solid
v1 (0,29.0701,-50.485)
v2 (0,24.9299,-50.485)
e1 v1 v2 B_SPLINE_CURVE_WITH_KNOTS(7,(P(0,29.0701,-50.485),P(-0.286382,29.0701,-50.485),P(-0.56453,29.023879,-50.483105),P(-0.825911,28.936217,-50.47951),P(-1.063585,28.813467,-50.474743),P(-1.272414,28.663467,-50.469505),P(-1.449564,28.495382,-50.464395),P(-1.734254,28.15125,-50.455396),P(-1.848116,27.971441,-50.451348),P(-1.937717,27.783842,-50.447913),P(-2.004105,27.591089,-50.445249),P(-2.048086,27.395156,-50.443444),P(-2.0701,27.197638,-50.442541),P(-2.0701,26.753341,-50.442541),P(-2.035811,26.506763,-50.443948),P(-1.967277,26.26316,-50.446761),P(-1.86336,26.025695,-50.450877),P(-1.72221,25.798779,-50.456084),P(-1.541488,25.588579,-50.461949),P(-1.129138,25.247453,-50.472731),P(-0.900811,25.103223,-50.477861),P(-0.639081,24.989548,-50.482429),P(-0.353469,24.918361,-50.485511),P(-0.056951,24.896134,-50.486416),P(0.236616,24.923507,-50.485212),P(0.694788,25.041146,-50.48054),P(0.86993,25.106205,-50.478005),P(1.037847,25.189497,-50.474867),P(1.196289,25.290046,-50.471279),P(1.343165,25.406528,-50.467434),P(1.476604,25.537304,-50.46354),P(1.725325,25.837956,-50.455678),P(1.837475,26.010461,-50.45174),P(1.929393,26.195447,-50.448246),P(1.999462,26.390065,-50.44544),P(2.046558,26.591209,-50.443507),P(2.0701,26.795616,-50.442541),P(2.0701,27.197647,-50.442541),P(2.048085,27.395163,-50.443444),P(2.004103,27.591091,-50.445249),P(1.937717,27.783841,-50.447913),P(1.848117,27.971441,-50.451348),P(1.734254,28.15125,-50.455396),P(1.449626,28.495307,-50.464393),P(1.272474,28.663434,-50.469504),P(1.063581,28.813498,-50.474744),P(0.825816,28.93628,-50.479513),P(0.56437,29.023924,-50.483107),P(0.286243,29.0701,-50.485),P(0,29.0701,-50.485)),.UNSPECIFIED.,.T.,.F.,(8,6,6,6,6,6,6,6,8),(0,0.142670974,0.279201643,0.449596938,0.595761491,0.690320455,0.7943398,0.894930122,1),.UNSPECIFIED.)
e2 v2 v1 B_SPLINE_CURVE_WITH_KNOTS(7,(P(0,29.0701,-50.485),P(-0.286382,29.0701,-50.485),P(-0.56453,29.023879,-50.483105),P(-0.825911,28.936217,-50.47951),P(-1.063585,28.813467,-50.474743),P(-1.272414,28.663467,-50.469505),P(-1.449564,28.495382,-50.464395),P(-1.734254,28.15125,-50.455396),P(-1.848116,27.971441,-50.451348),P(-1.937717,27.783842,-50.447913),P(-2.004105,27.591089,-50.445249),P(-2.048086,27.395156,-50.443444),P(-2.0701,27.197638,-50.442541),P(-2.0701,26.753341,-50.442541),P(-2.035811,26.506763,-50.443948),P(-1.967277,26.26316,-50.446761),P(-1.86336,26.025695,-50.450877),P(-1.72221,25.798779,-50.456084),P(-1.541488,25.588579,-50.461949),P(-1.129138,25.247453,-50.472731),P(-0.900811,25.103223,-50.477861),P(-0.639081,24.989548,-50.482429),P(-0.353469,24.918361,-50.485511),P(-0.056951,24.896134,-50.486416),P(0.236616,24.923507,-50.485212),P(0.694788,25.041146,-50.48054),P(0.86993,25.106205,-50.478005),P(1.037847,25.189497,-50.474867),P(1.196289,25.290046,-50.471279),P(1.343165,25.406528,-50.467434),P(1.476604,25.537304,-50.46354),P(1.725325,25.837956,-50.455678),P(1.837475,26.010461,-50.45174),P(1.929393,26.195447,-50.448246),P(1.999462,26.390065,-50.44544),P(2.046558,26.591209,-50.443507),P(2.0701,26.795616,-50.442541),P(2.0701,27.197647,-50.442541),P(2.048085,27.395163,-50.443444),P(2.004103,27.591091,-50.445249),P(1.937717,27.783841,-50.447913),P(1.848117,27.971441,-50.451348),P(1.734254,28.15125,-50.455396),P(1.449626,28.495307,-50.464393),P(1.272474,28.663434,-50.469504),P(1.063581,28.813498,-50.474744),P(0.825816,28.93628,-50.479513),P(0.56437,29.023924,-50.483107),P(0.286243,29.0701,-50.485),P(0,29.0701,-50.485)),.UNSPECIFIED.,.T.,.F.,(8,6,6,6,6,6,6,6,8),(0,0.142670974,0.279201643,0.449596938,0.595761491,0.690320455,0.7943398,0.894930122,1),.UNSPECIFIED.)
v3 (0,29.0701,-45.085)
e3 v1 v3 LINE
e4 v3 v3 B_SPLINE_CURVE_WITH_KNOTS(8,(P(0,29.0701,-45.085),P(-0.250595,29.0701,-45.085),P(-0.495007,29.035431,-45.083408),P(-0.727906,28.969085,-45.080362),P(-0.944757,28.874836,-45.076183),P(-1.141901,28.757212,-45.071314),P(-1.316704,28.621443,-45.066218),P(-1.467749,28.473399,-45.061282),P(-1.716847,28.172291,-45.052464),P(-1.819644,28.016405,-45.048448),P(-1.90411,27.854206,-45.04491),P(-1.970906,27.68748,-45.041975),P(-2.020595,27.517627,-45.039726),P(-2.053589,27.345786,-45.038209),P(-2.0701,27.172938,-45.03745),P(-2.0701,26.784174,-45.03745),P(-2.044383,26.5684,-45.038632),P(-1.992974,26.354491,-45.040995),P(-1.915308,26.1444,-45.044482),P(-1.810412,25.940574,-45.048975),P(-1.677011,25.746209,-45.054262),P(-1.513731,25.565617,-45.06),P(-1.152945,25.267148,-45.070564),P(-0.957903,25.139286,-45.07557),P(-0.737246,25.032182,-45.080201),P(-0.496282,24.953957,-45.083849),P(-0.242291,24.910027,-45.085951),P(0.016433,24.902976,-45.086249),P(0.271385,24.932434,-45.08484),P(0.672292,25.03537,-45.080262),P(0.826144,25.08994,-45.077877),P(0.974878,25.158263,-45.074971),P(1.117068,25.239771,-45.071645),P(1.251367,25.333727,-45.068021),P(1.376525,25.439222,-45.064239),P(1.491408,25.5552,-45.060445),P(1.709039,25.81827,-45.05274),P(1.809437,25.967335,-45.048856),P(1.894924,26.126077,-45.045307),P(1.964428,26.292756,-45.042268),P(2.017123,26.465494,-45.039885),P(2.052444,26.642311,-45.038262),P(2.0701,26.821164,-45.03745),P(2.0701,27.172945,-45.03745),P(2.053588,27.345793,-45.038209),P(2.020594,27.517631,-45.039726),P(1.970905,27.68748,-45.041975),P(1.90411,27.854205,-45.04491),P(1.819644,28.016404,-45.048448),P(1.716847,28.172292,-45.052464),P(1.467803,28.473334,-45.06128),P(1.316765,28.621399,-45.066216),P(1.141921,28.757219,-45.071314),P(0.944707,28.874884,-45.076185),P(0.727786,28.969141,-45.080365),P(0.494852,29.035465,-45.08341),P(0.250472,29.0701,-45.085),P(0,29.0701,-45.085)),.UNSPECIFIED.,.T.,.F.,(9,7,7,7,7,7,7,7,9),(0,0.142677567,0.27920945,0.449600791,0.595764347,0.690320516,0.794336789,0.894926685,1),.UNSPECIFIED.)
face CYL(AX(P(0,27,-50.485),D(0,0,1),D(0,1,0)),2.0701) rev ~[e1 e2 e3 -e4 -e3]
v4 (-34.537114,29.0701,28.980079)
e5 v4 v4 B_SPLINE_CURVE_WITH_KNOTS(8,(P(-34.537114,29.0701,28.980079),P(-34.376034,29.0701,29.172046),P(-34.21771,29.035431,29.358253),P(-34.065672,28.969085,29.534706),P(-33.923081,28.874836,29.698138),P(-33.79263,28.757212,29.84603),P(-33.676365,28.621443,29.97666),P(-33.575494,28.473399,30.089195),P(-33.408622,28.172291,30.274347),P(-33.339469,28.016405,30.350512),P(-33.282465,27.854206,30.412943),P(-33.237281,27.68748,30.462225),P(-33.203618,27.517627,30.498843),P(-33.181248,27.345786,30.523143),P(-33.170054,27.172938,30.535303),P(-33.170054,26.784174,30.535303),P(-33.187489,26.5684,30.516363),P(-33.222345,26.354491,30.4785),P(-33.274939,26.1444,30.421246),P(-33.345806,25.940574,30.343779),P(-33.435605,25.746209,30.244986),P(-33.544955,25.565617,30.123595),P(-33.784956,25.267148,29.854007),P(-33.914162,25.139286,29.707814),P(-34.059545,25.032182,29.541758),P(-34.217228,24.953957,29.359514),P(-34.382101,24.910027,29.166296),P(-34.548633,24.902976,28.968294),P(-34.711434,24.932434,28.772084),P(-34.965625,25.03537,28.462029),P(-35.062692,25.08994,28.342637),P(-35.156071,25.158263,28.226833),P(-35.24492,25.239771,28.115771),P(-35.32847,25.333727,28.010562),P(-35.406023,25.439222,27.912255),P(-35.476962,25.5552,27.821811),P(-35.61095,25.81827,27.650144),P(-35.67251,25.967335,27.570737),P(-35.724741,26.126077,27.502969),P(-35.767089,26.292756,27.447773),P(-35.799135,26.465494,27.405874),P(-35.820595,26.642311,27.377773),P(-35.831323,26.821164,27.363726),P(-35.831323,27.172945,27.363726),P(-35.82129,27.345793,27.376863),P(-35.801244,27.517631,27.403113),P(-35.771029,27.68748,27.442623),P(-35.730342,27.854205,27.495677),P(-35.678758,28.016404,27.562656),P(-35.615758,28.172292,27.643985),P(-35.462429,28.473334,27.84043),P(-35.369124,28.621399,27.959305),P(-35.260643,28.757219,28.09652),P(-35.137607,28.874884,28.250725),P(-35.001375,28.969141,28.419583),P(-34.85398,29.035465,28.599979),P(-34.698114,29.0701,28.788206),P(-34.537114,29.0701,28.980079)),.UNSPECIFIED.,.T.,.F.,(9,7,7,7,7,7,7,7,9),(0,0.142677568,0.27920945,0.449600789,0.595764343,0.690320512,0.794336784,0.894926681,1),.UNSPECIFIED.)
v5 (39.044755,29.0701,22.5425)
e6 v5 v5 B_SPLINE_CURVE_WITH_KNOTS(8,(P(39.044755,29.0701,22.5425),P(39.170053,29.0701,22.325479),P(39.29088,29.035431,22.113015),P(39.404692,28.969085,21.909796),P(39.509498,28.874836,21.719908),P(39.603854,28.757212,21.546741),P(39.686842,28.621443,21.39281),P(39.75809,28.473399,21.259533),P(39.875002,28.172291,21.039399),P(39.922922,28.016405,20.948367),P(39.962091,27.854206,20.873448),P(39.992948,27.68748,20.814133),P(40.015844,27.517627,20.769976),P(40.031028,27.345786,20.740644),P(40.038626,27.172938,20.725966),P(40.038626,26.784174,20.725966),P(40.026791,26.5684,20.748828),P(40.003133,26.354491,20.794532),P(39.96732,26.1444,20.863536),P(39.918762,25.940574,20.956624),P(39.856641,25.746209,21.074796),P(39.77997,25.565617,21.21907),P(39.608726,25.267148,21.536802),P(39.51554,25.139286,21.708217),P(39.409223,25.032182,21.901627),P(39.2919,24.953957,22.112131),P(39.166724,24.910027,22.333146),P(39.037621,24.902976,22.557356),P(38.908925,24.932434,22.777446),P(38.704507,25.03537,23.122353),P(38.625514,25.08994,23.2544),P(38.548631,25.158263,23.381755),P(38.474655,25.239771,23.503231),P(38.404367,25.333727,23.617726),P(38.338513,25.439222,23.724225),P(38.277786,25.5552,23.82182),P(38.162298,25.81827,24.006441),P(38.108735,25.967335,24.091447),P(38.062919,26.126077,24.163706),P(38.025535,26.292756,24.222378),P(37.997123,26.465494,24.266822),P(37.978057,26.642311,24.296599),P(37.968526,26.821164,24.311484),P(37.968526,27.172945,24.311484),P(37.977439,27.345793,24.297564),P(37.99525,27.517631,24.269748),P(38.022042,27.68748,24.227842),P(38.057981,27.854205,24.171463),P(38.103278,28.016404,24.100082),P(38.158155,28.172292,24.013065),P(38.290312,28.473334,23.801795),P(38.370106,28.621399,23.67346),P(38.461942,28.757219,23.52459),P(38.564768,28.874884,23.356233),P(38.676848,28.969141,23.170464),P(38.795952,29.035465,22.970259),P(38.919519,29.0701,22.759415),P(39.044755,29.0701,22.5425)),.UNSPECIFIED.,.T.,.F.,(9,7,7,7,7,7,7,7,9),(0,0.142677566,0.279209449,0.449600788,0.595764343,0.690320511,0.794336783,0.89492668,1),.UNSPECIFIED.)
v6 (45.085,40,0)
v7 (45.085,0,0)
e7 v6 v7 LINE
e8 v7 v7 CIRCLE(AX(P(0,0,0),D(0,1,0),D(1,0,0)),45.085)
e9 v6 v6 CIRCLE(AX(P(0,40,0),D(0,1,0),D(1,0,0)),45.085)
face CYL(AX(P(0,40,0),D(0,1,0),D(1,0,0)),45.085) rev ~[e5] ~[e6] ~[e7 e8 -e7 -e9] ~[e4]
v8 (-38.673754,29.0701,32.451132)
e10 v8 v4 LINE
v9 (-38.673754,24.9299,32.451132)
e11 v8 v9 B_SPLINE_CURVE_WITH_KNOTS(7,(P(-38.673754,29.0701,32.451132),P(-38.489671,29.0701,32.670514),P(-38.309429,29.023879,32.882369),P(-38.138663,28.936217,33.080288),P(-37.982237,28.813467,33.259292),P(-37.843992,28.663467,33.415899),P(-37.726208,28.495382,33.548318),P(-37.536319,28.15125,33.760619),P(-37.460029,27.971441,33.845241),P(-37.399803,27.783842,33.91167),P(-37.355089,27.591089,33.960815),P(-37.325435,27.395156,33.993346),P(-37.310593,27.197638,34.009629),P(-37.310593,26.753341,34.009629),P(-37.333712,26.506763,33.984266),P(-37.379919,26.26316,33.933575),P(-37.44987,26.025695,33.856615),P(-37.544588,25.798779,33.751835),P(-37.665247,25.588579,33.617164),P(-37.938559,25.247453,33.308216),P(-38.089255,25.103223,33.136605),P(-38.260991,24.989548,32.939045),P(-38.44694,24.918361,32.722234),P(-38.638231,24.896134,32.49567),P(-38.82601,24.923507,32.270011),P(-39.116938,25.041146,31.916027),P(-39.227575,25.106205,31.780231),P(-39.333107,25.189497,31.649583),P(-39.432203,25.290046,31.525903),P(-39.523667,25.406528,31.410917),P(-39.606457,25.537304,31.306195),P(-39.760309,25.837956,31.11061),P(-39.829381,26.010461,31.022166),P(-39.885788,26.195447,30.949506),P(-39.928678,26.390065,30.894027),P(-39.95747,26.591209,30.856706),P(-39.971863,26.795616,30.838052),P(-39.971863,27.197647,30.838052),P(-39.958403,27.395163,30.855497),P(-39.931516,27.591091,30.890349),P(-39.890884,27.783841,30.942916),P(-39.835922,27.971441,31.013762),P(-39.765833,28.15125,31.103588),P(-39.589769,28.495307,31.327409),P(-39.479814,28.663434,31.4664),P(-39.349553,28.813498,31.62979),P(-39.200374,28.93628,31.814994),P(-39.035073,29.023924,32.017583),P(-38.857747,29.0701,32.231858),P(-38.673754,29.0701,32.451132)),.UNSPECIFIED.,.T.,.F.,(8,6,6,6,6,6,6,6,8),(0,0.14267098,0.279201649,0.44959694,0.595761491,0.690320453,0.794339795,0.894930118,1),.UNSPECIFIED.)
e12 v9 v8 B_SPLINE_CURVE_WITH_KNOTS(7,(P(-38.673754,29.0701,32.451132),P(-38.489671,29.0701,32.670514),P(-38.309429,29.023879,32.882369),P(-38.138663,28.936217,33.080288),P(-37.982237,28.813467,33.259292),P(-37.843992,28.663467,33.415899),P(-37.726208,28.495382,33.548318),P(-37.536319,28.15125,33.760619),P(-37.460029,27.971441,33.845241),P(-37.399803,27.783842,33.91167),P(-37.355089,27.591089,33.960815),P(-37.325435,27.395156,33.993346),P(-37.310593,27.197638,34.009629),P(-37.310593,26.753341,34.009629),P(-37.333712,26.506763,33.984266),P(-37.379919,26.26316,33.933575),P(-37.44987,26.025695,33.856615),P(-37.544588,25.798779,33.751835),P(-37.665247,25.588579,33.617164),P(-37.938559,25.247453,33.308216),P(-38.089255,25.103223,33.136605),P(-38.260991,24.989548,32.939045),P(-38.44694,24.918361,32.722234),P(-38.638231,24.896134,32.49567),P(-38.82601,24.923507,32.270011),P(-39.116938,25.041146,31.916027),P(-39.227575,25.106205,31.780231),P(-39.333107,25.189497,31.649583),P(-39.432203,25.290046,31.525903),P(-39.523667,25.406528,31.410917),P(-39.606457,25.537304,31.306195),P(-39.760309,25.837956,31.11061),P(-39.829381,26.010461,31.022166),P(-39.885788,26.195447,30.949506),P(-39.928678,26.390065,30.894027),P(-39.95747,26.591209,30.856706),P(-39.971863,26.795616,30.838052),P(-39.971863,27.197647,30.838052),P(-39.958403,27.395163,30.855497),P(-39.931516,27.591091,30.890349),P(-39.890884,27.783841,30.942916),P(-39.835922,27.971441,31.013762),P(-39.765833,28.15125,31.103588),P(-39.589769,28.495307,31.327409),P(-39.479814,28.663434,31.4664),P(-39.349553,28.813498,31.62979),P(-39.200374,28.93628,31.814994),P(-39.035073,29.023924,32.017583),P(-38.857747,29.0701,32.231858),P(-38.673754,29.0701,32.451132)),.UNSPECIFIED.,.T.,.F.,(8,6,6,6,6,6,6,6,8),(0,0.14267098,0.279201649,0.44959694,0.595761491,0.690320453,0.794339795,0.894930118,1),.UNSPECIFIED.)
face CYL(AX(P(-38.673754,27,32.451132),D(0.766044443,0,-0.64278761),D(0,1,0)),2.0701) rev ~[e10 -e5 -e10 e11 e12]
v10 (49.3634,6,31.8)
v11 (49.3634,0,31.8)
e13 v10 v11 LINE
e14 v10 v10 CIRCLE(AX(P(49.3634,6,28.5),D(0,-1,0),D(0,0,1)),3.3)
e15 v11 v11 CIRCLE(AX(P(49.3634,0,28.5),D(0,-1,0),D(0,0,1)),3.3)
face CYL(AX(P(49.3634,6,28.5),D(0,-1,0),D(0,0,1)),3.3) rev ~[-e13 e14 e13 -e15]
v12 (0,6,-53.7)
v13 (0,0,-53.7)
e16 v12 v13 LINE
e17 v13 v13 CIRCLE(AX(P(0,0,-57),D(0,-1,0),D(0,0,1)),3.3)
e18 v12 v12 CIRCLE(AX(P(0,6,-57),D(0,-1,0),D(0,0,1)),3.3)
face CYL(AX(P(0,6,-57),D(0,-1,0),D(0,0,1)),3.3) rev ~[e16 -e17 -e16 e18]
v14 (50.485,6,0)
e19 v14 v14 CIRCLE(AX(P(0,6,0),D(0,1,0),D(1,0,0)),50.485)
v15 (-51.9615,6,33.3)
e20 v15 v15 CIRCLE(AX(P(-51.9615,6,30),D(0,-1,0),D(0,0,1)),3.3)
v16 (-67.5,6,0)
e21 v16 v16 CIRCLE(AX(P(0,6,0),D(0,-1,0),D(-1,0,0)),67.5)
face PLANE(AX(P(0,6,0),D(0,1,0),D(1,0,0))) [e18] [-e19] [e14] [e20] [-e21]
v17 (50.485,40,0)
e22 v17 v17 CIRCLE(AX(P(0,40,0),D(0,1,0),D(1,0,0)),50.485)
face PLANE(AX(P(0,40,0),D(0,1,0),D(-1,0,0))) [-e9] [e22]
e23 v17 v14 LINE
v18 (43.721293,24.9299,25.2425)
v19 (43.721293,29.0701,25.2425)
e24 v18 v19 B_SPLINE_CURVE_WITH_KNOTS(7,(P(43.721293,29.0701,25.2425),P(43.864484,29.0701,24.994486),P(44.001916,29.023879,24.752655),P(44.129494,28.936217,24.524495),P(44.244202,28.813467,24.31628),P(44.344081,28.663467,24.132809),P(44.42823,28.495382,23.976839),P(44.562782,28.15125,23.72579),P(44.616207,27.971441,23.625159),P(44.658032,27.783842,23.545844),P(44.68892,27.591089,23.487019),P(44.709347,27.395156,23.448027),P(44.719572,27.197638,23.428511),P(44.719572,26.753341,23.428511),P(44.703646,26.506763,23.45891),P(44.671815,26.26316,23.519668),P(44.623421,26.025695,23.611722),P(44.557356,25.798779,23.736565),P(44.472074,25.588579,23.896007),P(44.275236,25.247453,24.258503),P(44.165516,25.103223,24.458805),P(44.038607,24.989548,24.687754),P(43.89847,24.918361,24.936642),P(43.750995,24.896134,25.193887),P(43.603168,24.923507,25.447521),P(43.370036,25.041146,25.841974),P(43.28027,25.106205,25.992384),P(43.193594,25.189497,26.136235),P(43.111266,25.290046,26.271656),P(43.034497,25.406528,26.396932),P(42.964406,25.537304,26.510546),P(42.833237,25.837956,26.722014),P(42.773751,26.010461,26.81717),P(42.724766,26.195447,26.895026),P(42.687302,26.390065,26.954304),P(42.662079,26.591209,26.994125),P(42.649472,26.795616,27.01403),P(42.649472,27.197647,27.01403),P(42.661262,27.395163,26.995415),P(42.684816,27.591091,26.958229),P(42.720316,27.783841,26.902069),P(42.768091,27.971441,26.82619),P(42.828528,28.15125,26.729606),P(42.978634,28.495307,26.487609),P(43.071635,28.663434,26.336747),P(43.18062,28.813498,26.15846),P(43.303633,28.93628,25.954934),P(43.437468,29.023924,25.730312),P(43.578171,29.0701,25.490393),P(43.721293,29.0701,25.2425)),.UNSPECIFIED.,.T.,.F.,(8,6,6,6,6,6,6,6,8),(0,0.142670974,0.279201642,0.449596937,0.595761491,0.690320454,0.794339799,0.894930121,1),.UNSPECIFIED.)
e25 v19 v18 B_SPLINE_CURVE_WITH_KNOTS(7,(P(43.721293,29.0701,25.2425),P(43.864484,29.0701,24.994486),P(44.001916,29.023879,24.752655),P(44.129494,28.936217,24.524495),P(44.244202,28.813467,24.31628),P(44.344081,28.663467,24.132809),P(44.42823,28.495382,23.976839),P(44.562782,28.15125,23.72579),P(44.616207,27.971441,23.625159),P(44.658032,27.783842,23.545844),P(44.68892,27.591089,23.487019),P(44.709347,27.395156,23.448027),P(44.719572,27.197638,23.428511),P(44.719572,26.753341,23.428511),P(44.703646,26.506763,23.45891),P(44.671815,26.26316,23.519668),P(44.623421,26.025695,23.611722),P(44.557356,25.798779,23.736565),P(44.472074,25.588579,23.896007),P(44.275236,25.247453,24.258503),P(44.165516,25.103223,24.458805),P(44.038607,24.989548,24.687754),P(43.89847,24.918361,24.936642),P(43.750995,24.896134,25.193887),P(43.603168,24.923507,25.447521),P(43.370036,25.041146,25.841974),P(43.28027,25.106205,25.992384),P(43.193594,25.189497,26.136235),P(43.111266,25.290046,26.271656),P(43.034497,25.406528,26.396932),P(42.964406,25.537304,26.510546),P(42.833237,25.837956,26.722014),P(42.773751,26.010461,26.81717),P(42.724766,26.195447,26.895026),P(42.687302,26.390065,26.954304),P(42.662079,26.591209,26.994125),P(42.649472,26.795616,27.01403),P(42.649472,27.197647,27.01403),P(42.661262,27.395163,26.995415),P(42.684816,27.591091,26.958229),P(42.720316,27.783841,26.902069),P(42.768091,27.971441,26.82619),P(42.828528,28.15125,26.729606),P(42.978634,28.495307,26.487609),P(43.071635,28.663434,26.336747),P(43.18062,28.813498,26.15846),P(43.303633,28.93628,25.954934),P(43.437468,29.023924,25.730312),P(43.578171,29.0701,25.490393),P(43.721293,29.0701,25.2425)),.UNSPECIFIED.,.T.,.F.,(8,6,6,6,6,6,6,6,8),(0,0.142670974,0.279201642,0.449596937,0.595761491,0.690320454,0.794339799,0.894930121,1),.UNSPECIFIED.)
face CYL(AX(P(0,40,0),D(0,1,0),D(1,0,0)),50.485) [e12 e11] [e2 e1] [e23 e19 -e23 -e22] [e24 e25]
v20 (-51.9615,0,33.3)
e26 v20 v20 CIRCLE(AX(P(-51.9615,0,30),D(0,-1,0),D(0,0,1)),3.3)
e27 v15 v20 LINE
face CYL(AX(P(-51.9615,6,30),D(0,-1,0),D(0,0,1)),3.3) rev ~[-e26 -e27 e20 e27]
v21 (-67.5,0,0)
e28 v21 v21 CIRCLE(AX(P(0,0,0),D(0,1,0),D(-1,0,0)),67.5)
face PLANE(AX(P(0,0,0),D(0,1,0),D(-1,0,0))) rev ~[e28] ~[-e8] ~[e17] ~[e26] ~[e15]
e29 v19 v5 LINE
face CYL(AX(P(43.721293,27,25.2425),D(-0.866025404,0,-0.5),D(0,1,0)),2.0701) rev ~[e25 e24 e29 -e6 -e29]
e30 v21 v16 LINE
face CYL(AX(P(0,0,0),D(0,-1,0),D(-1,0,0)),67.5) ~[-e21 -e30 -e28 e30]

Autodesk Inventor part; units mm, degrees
ref_plane "YZ Plane" through (0, 0, 0) normal (1, 0, 0) x (0, 1, 0)
ref_plane "XZ Plane" through (0, 0, 0) normal (0, 1, 0) x (-1, 0, 0)
sketch "Sketch1" plane through (0, 0, 0) normal (0, 1, 0) x (-1, 0, 0)
  circle A0 centre (0, 0) radius 67.5
  dimension "d0" = 135
extrude "body" add sketch "Sketch1" along normal blind 40
sketch "Sketch2" plane through (0, 40, 0) normal (0, 1, 0) x (1, 0, 0)
  circle A0 centre (0, 0) radius 67.5 projected
  circle A1 centre (0, 0) radius 45.085
  dimension "d4" = 90.17
extrude "hole" cut sketch "Sketch2" against normal blind 101.6 contours A1
sketch "Sketch3" plane through (0, 40, 0) normal (0, 1, 0) x (1, 0, 0)
  circle A0 centre (0, 0) radius 45.085 projected
  circle A1 centre (0, 0) radius 67.5 projected
  circle A2 centre (0, 0) radius 50.485
  dimension "d9" = 5.4
extrude "flange" cut sketch "Sketch3" against normal blind 34 contours A1
sketch "Sketch4" plane through (0, 40, 0) normal (0, 1, 0) x (1, 0, 0)
  circle A0 centre (0, 0) radius 50.485 projected
  circle A1 centre (0, 0) radius 45.085 projected
  point P0 (0, 50.485)
ref_plane "Work Plane1" through (0, 40, -50.485) normal (0, 0, -1) x (-1, 0, 0)
sketch "Sketch5" plane through (0, 40, -50.485) normal (0, 0, -1) x (-1, 0, 0)
  circle A0 centre (0, -13) radius 2.54
  line L0 (50.485, 0) -> (-50.485, 0) projected
  point P0 (0, -40)
  dimension "d12" = 13
  dimension "d13" = 5.08
hole "sideHoleSE" at (0, 27, -50.485) direction (0, 0, 1) diameter 4.1402 depth 25.4 tip angle 118
pattern_circular "sideHoleSW" count 2 over 120 about axis through (0, 40, 0) along (0, -1, 0) of "sideHoleSE"
pattern_circular "sideHoleN" count 2 over 130 about axis through (0, 40, 0) along (0, 1, 0) of "sideHoleSE"
sketch "Sketch8" plane through (0, 6, 0) normal (0, 1, 0) x (1, 0, 0)
  circle A0 centre (0, 0) radius 50.485 projected
  circle A1 centre (0, 0) radius 67.5 projected
  circle A2 centre (0, 57) radius 3.1903
  line L0 (0, 0) -> (49.3634, -28.5) construction
  line L1 (0, 0) -> (57, 0) construction
  circle A3 centre (49.3634, -28.5) radius 3.101
  line L2 (0, 0) -> (-51.9615, -30) construction
  line L3 (0, 0) -> (60, 0) construction
  circle A4 centre (-51.9615, -30) radius 3.5807
  dimension "d65" = 57
  dimension "d66" = 57
  dimension "d67" = 30
  dimension "d68" = 60
  dimension "d69" = 150
hole "Hole5" at (0, 6, -57) at (49.3634, 6, 28.5) at (-51.9615, 6, 30) direction (0, -1, 0) diameter 6.6 end through all clearance for "Flat Head Machine Screw" size "M6" standard "Ansi Metric M Profile"
properties part number "2f1col" material "Aluminum 6061"
